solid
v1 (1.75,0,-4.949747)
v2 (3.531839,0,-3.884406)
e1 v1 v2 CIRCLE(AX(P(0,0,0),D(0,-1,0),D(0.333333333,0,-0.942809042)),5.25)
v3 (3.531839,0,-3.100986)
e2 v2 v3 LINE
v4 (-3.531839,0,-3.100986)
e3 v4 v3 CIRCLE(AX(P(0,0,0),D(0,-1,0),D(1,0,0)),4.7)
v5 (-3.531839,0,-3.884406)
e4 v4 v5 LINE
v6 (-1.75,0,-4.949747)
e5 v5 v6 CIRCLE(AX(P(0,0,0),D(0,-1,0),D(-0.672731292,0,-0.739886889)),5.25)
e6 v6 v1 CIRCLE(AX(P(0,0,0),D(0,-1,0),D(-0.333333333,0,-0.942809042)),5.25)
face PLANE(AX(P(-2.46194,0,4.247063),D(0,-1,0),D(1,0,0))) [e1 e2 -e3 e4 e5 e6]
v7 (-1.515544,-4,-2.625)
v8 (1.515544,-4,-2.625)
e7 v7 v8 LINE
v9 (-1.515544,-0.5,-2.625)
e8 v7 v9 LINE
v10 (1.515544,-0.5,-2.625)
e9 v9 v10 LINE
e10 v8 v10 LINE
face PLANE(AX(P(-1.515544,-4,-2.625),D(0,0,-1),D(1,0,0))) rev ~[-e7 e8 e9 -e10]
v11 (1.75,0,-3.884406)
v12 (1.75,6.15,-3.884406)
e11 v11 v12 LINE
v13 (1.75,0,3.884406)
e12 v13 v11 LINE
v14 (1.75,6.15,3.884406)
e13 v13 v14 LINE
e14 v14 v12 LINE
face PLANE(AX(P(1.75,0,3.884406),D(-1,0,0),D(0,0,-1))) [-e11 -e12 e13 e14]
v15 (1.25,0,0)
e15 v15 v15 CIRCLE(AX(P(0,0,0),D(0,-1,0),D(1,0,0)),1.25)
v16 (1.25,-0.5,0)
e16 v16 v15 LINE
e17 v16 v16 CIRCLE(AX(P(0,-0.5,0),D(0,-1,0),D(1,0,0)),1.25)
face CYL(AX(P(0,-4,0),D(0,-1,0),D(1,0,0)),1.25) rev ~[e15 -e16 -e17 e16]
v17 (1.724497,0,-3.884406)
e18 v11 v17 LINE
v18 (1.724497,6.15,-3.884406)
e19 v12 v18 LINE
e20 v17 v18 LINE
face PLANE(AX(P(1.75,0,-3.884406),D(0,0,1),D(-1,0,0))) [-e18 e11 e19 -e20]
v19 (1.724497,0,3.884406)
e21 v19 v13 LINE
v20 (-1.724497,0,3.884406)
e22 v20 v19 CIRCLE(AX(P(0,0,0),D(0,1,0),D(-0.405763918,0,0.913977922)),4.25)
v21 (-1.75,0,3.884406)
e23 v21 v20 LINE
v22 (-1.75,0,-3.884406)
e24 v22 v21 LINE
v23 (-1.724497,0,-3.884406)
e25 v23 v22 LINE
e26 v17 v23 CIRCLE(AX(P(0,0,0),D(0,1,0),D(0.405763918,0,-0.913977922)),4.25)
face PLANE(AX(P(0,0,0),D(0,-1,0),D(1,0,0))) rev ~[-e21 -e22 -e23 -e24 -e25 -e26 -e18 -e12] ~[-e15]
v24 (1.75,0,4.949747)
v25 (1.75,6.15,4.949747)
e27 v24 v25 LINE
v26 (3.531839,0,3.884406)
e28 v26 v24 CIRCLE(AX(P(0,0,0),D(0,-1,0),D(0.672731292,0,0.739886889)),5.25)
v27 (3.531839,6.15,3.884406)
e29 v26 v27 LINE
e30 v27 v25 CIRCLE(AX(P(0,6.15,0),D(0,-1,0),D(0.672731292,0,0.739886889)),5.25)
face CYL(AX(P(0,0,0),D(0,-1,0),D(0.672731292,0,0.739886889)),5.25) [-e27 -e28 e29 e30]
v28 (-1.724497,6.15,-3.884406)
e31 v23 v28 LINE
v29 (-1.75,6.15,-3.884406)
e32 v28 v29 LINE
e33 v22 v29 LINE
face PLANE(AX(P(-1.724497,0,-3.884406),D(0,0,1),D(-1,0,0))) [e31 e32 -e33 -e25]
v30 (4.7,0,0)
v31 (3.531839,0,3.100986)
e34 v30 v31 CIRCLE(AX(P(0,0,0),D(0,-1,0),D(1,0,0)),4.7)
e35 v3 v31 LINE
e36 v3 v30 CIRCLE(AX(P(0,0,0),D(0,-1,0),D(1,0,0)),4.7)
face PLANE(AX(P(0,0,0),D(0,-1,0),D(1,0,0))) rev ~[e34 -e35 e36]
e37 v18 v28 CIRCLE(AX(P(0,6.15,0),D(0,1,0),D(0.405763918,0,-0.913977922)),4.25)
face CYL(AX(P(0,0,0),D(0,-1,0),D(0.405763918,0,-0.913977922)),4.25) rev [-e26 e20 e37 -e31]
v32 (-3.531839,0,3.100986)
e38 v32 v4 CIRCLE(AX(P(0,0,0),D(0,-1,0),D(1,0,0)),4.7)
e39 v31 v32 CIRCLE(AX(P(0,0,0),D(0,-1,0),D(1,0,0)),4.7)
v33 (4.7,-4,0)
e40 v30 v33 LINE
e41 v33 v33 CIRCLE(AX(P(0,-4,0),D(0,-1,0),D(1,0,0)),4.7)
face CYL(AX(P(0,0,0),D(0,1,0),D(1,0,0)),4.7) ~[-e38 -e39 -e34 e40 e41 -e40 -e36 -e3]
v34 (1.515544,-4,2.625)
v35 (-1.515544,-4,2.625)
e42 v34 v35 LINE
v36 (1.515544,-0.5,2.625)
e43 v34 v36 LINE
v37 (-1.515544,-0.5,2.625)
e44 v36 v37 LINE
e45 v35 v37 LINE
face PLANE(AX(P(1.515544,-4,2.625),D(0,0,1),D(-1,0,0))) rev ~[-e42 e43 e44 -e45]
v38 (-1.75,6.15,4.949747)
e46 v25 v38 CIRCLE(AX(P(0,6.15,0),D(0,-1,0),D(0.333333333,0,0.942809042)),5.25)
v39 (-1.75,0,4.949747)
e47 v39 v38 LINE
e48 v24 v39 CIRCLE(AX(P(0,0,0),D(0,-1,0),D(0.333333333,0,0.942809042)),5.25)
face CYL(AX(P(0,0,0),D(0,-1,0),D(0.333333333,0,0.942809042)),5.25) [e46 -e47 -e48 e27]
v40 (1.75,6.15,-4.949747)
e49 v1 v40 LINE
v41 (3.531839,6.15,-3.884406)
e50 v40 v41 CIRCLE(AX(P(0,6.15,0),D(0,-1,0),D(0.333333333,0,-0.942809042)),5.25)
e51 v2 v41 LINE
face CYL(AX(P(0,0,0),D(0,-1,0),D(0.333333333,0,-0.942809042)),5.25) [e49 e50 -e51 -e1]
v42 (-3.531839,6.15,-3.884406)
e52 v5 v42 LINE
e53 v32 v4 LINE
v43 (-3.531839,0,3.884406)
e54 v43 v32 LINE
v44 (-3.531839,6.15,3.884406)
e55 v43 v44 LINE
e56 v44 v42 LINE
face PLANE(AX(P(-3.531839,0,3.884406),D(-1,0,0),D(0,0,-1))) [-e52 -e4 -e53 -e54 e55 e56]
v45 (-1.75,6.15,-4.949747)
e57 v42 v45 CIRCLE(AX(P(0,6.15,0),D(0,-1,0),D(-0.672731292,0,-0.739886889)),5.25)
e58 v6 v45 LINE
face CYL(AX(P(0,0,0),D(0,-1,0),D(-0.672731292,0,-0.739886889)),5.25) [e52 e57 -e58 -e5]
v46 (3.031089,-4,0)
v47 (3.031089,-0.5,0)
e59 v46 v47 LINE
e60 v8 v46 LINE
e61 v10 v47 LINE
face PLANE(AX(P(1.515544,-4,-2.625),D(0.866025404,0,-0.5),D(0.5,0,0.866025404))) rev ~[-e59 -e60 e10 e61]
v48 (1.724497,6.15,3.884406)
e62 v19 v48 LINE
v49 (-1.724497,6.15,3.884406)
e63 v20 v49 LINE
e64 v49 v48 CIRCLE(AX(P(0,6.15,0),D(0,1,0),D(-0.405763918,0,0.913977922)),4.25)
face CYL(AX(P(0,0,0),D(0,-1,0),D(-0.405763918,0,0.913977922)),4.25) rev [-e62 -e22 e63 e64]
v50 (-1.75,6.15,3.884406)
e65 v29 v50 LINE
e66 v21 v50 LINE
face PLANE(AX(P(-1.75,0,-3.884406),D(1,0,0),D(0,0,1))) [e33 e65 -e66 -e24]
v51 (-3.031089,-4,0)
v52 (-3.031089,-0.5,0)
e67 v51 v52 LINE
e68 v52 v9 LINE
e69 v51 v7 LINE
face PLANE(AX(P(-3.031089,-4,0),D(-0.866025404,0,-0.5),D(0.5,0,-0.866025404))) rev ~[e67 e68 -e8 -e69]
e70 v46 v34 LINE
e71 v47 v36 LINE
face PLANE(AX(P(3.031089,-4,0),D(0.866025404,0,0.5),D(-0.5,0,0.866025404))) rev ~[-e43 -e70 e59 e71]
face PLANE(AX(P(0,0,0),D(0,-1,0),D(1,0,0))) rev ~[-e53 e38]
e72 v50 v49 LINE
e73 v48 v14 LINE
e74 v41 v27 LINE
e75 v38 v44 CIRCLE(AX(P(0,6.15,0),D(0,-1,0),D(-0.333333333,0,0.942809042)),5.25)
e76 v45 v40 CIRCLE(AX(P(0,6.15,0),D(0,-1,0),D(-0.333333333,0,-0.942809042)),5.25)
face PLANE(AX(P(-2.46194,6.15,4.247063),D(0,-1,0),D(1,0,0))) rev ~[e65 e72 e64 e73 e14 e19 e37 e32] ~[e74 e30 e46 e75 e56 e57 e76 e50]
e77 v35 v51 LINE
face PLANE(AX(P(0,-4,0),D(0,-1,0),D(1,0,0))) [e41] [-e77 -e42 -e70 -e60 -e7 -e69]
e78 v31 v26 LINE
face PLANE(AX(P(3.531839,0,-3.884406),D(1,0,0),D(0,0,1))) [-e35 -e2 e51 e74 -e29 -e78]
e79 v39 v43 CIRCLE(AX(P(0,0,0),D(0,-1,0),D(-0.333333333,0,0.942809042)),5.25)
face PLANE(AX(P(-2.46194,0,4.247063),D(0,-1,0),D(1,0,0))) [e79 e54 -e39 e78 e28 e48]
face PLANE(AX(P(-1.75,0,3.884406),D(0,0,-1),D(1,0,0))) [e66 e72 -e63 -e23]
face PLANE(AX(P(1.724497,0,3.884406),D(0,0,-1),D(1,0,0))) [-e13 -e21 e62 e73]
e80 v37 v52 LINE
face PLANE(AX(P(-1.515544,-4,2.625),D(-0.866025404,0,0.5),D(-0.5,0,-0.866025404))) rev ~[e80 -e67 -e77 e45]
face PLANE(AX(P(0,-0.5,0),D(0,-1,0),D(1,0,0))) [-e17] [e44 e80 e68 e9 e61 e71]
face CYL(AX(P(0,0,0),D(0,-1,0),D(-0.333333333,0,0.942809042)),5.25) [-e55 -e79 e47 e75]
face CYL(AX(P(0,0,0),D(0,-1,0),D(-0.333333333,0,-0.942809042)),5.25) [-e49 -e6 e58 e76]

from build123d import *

# Parameters (mm, degrees)
F1_DEPTH = 6.15
F2_R     = 4.7
F3_DEPTH = 4
F6_DEPTH = 3.5
F7_R     = 1.25
F8_DEPTH = 5


with BuildPart() as f1:
    # F0 (on Front) → F1 (new body)
    with BuildSketch(Plane.XZ):
        with BuildLine():
            Line((-1.75, 3.88440617), (-1.75, 4.9497474683))
            ThreePointArc((-1.75, 4.9497474683), (-2.6941036669, 4.506029897), (-3.5318392809, 3.88440617))
            Line((-3.5318392809, 3.88440617), (-1.75, 3.88440617))
        make_face()
        with BuildLine():
            Line((-1.75, 3.88440617), (-3.5318392809, 3.88440617))
            Line((-3.5318392809, 3.88440617), (-3.5318392809, 2.3640243852))
            ThreePointArc((-3.5318392809, 2.3640243852), (-2.7465789328, 3.2432705971), (-1.75, 3.8729833462))
            Line((-1.75, 3.8729833462), (-1.75, 3.88440617))
        make_face()
        with BuildLine():
            ThreePointArc((-1.75, 3.8729833462), (-2.7465789328, 3.2432705971), (-3.5318392809, 2.3640243852))
            Line((-3.5318392809, 2.3640243852), (-3.5318392809, -2.3640243852))
            ThreePointArc((-3.5318392809, -2.3640243852), (-2.7465789328, -3.2432705971), (-1.75, -3.8729833462))
            Line((-1.75, -3.8729833462), (-1.75, 3.8729833462))
        make_face()
        with BuildLine():
            Line((-3.5318392809, -2.3640243852), (-3.5318392809, -3.88440617))
            Line((-3.5318392809, -3.88440617), (-1.75, -3.88440617))
            Line((-1.75, -3.88440617), (-1.75, -3.8729833462))
            ThreePointArc((-1.75, -3.8729833462), (-2.7465789328, -3.2432705971), (-3.5318392809, -2.3640243852))
        make_face()
        with BuildLine():
            ThreePointArc((-3.5318392809, -3.88440617), (-2.6941036669, -4.506029897), (-1.75, -4.9497474683))
            Line((-1.75, -4.9497474683), (-1.75, -3.88440617))
            Line((-1.75, -3.88440617), (-3.5318392809, -3.88440617))
        make_face()
        with BuildLine():
            Line((-1.75, -4.9497474683), (1.75, -4.9497474683))
            Line((1.75, -4.9497474683), (1.75, -3.88440617))
            Line((1.75, -3.88440617), (1.724496653, -3.88440617))
            ThreePointArc((1.724496653, -3.88440617), (0, -4.25), (-1.724496653, -3.88440617))
            Line((-1.724496653, -3.88440617), (-1.75, -3.88440617))
            Line((-1.75, -3.88440617), (-1.75, -4.9497474683))
        make_face()
        with BuildLine():
            ThreePointArc((-1.75, -4.9497474683), (0, -5.25), (1.75, -4.9497474683))
            Line((1.75, -4.9497474683), (-1.75, -4.9497474683))
        make_face()
        with BuildLine():
            ThreePointArc((1.75, -4.9497474683), (2.6941036669, -4.506029897), (3.5318392809, -3.88440617))
            Line((3.5318392809, -3.88440617), (1.75, -3.88440617))
            Line((1.75, -3.88440617), (1.75, -4.9497474683))
        make_face()
        with BuildLine():
            Line((1.75, -3.88440617), (3.5318392809, -3.88440617))
            Line((3.5318392809, -3.88440617), (3.5318392809, -2.3640243852))
            ThreePointArc((3.5318392809, -2.3640243852), (2.7465789328, -3.2432705971), (1.75, -3.8729833462))
            Line((1.75, -3.8729833462), (1.75, -3.88440617))
        make_face()
        with BuildLine():
            Line((3.5318392809, -2.3640243852), (3.5318392809, 2.3640243852))
            ThreePointArc((3.5318392809, 2.3640243852), (2.7465789328, 3.2432705971), (1.75, 3.8729833462))
            Line((1.75, 3.8729833462), (1.75, -3.8729833462))
            ThreePointArc((1.75, -3.8729833462), (2.7465789328, -3.2432705971), (3.5318392809, -2.3640243852))
        make_face()
        with BuildLine():
            Line((3.5318392809, 2.3640243852), (3.5318392809, 3.88440617))
            Line((3.5318392809, 3.88440617), (1.75, 3.88440617))
            Line((1.75, 3.88440617), (1.75, 3.8729833462))
            ThreePointArc((1.75, 3.8729833462), (2.7465789328, 3.2432705971), (3.5318392809, 2.3640243852))
        make_face()
        with BuildLine():
            Line((1.75, 3.88440617), (3.5318392809, 3.88440617))
            ThreePointArc((3.5318392809, 3.88440617), (2.6941036669, 4.506029897), (1.75, 4.9497474683))
            Line((1.75, 4.9497474683), (1.75, 3.88440617))
        make_face()
        with BuildLine():
            Line((1.75, 3.88440617), (1.75, 4.9497474683))
            Line((1.75, 4.9497474683), (-1.75, 4.9497474683))
            Line((-1.75, 4.9497474683), (-1.75, 3.88440617))
            Line((-1.75, 3.88440617), (-1.724496653, 3.88440617))
            ThreePointArc((-1.724496653, 3.88440617), (0, 4.25), (1.724496653, 3.88440617))
            Line((1.724496653, 3.88440617), (1.75, 3.88440617))
        make_face()
        with BuildLine():
            Line((-1.75, 4.9497474683), (1.75, 4.9497474683))
            ThreePointArc((1.75, 4.9497474683), (0, 5.25), (-1.75, 4.9497474683))
        make_face()
    extrude(amount=-F1_DEPTH)

    # F2 (on Front) → F3 (join)
    with BuildSketch(Plane.XZ):
        Circle(F2_R)
    extrude(amount=F3_DEPTH)

    # F5 (on offset) → F6 (cut)
    with BuildSketch(Plane.XZ.offset(4)):
        Polygon((-1.5155444566, -2.625), (1.5155444566, -2.625), (3.0310889132, 0), (1.5155444566, 2.625), (-1.5155444566, 2.625), (-3.0310889132, 0), align=None)
    extrude(amount=-F6_DEPTH, mode=Mode.SUBTRACT)

    # F7 (on offset) → F8 (cut)
    with BuildSketch(Plane.XZ.offset(4)):
        Circle(F7_R)
    extrude(amount=-F8_DEPTH, mode=Mode.SUBTRACT)


solid = f1.part
